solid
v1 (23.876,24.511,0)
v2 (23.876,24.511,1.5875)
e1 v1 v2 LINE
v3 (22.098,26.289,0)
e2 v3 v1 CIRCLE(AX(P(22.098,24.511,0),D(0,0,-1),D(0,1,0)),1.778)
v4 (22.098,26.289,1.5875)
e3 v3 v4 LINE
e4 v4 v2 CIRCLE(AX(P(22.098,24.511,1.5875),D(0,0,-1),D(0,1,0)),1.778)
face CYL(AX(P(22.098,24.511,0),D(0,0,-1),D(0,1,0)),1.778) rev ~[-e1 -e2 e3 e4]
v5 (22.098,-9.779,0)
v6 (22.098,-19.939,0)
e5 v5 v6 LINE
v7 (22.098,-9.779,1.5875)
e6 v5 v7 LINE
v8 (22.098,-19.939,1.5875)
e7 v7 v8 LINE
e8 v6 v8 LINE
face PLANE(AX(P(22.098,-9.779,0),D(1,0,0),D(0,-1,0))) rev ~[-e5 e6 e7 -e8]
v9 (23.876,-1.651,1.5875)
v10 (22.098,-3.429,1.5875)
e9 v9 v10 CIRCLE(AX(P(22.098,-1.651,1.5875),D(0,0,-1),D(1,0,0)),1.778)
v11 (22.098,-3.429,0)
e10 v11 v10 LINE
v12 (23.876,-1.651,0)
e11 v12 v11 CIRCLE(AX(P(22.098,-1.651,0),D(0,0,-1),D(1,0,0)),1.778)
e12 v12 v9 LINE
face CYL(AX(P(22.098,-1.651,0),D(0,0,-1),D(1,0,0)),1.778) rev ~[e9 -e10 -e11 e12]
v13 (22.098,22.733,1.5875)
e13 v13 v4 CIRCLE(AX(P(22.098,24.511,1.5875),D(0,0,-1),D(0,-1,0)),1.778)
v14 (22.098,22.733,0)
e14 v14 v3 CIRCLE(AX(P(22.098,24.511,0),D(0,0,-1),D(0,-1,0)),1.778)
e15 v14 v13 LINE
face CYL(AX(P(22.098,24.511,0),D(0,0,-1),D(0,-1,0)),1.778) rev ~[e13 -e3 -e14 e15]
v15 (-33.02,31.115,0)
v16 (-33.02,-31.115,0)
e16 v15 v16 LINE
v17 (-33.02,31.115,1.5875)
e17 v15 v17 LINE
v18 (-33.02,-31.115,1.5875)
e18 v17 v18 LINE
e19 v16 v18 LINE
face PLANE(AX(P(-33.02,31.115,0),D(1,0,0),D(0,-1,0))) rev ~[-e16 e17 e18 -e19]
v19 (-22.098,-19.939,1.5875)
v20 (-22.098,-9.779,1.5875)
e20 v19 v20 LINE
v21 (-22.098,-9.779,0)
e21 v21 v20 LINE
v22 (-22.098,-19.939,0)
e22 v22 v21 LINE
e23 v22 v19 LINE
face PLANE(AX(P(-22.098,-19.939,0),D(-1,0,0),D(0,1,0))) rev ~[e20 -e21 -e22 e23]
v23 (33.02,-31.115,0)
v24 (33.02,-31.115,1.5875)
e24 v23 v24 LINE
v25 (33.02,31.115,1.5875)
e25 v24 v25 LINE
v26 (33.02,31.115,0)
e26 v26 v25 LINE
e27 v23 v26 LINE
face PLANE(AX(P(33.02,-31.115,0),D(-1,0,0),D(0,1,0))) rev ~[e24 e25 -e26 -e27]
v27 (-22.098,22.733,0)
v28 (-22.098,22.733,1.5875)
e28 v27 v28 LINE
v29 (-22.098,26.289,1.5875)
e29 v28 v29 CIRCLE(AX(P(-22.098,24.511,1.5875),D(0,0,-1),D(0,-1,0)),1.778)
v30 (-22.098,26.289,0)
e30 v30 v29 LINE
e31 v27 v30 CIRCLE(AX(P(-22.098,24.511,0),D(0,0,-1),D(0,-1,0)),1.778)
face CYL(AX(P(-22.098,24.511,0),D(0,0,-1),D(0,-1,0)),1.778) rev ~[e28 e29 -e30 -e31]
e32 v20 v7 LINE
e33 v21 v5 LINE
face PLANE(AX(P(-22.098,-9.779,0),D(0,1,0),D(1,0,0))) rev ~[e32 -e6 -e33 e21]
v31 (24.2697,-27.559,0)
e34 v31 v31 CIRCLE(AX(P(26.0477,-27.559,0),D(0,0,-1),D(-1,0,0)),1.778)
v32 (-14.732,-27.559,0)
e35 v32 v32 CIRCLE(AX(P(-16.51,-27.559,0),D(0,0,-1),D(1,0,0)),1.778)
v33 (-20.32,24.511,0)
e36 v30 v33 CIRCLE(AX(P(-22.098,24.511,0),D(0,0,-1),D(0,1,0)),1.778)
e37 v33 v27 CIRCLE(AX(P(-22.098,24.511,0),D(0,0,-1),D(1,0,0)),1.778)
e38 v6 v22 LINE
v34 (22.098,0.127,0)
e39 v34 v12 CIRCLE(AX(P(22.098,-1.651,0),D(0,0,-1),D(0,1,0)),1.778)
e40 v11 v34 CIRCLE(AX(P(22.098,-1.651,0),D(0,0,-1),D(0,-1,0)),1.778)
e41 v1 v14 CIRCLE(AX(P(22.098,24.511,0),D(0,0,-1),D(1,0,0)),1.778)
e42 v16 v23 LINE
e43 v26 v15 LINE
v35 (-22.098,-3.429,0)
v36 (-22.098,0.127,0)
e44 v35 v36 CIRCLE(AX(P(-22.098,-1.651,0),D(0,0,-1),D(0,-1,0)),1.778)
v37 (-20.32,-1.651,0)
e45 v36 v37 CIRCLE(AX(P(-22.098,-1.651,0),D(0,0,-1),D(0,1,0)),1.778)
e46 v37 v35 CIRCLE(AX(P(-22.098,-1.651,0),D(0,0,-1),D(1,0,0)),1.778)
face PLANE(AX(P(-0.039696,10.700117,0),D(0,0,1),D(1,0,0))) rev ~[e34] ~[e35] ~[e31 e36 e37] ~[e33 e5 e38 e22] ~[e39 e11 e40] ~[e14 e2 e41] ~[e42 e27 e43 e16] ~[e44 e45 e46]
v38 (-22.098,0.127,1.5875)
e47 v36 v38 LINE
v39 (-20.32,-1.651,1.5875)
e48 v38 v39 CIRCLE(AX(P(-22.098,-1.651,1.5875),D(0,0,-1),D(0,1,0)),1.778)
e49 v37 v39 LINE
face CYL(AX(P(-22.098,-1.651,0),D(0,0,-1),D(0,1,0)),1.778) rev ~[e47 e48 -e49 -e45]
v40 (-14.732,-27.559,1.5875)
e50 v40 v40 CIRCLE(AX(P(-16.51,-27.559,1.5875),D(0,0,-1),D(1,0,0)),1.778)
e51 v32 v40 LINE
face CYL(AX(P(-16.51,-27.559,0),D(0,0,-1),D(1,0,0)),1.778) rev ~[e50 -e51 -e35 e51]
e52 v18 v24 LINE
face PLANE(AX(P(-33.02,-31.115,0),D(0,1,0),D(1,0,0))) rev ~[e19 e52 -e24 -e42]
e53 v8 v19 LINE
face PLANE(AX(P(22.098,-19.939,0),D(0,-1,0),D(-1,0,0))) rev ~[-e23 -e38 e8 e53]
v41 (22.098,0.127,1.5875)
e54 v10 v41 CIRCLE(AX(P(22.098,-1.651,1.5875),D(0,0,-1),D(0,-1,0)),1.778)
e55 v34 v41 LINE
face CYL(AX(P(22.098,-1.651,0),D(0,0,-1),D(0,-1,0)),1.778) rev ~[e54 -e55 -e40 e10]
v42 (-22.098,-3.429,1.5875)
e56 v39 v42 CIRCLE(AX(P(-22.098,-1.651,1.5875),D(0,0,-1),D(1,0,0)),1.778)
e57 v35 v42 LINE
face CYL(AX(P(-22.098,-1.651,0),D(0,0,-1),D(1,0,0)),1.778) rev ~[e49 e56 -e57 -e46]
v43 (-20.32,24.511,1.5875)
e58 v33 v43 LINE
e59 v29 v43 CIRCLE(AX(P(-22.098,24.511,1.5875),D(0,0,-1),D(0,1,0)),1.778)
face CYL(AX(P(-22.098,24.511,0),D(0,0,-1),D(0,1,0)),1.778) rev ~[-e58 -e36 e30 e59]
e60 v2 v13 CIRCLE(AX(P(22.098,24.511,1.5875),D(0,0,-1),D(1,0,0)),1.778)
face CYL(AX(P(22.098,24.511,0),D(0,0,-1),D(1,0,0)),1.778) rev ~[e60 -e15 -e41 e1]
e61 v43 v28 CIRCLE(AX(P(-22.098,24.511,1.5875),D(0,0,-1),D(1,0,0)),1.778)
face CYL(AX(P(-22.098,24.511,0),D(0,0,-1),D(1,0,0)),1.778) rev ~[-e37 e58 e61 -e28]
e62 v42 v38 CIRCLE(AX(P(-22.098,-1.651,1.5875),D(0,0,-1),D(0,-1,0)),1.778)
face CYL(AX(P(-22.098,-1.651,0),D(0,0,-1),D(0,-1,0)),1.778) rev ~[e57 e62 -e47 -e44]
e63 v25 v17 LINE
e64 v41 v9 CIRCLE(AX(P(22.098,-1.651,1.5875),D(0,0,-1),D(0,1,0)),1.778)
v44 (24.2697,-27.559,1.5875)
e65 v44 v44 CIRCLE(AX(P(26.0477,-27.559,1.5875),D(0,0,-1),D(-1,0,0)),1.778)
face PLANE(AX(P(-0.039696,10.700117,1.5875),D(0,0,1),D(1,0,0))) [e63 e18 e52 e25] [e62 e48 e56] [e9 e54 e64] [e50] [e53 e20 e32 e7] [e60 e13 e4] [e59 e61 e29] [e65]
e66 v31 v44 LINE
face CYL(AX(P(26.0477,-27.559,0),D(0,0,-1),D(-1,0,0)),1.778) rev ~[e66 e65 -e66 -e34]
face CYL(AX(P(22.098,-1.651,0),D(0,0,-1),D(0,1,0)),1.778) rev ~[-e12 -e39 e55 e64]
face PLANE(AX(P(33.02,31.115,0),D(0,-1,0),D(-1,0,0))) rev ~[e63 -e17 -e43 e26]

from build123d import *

# Parameters (mm, degrees)
F1_DEPTH = 1.5875


with BuildPart() as f1:
    # F0 (on Top) → F1 (new body)
    with BuildSketch(Plane.XY):
        with BuildLine():
            Line((22.098, 26.289), (22.098, 31.115))
            Line((22.098, 31.115), (-22.098, 31.115))
            Line((-22.098, 31.115), (-22.098, 26.289))
            ThreePointArc((-22.098, 26.289), (-20.8407641431, 25.7682358569), (-20.32, 24.511))
            ThreePointArc((-20.32, 24.511), (-20.8407641431, 23.2537641431), (-22.098, 22.733))
            Line((-22.098, 22.733), (-22.098, 0.127))
            ThreePointArc((-22.098, 0.127), (-20.8407641431, -0.3937641431), (-20.32, -1.651))
            ThreePointArc((-20.32, -1.651), (-20.8407641431, -2.9082358569), (-22.098, -3.429))
            Line((-22.098, -3.429), (-22.098, -9.779))
            Line((-22.098, -9.779), (22.098, -9.779))
            Line((22.098, -9.779), (22.098, -3.429))
            ThreePointArc((22.098, -3.429), (20.32, -1.651), (22.098, 0.127))
            Line((22.098, 0.127), (22.098, 22.733))
            ThreePointArc((22.098, 22.733), (20.32, 24.511), (22.098, 26.289))
        make_face()
        with BuildLine():
            Line((-22.098, 26.289), (-22.098, 31.115))
            Line((-22.098, 31.115), (-33.02, 31.115))
            Line((-33.02, 31.115), (-33.02, -31.115))
            Line((-33.02, -31.115), (-22.098, -31.115))
            Line((-22.098, -31.115), (-22.098, -27.559))
            Line((-22.098, -27.559), (-22.098, -19.939))
            Line((-22.098, -19.939), (-22.098, -9.779))
            Line((-22.098, -9.779), (-22.098, -3.429))
            ThreePointArc((-22.098, -3.429), (-23.876, -1.651), (-22.098, 0.127))
            Line((-22.098, 0.127), (-22.098, 22.733))
            ThreePointArc((-22.098, 22.733), (-23.876, 24.511), (-22.098, 26.289))
        make_face()
        with BuildLine():
            Line((33.02, -27.559), (33.02, 31.115))
            Line((33.02, 31.115), (22.098, 31.115))
            Line((22.098, 31.115), (22.098, 26.289))
            ThreePointArc((22.098, 26.289), (23.3552358569, 25.7682358569), (23.876, 24.511))
            ThreePointArc((23.876, 24.511), (23.3552358569, 23.2537641431), (22.098, 22.733))
            Line((22.098, 22.733), (22.098, 0.127))
            ThreePointArc((22.098, 0.127), (23.3552358569, -0.3937641431), (23.876, -1.651))
            ThreePointArc((23.876, -1.651), (23.3552358569, -2.9082358569), (22.098, -3.429))
            Line((22.098, -3.429), (22.098, -9.779))
            Line((22.098, -9.779), (22.098, -19.939))
            Line((22.098, -19.939), (22.098, -27.559))
            Line((22.098, -27.559), (24.2697, -27.559))
            ThreePointArc((24.2697, -27.559), (26.0477, -25.781), (27.8257, -27.559))
            Line((27.8257, -27.559), (33.02, -27.559))
        make_face()
        with BuildLine():
            Line((33.02, -31.115), (33.02, -27.559))
            Line((33.02, -27.559), (27.8257, -27.559))
            ThreePointArc((27.8257, -27.559), (26.0477, -29.337), (24.2697, -27.559))
            Line((24.2697, -27.559), (22.098, -27.559))
            Line((22.098, -27.559), (22.098, -31.115))
            Line((22.098, -31.115), (33.02, -31.115))
        make_face()
        with BuildLine():
            Line((-14.732, -27.559), (22.098, -27.559))
            Line((22.098, -27.559), (22.098, -19.939))
            Line((22.098, -19.939), (-22.098, -19.939))
            Line((-22.098, -19.939), (-22.098, -27.559))
            Line((-22.098, -27.559), (-18.288, -27.559))
            ThreePointArc((-18.288, -27.559), (-16.51, -25.781), (-14.732, -27.559))
        make_face()
        with BuildLine():
            Line((-22.098, -31.115), (22.098, -31.115))
            Line((22.098, -31.115), (22.098, -27.559))
            Line((22.098, -27.559), (-14.732, -27.559))
            ThreePointArc((-14.732, -27.559), (-16.51, -29.337), (-18.288, -27.559))
            Line((-18.288, -27.559), (-22.098, -27.559))
            Line((-22.098, -27.559), (-22.098, -31.115))
        make_face()
    extrude(amount=F1_DEPTH)


solid = f1.part
